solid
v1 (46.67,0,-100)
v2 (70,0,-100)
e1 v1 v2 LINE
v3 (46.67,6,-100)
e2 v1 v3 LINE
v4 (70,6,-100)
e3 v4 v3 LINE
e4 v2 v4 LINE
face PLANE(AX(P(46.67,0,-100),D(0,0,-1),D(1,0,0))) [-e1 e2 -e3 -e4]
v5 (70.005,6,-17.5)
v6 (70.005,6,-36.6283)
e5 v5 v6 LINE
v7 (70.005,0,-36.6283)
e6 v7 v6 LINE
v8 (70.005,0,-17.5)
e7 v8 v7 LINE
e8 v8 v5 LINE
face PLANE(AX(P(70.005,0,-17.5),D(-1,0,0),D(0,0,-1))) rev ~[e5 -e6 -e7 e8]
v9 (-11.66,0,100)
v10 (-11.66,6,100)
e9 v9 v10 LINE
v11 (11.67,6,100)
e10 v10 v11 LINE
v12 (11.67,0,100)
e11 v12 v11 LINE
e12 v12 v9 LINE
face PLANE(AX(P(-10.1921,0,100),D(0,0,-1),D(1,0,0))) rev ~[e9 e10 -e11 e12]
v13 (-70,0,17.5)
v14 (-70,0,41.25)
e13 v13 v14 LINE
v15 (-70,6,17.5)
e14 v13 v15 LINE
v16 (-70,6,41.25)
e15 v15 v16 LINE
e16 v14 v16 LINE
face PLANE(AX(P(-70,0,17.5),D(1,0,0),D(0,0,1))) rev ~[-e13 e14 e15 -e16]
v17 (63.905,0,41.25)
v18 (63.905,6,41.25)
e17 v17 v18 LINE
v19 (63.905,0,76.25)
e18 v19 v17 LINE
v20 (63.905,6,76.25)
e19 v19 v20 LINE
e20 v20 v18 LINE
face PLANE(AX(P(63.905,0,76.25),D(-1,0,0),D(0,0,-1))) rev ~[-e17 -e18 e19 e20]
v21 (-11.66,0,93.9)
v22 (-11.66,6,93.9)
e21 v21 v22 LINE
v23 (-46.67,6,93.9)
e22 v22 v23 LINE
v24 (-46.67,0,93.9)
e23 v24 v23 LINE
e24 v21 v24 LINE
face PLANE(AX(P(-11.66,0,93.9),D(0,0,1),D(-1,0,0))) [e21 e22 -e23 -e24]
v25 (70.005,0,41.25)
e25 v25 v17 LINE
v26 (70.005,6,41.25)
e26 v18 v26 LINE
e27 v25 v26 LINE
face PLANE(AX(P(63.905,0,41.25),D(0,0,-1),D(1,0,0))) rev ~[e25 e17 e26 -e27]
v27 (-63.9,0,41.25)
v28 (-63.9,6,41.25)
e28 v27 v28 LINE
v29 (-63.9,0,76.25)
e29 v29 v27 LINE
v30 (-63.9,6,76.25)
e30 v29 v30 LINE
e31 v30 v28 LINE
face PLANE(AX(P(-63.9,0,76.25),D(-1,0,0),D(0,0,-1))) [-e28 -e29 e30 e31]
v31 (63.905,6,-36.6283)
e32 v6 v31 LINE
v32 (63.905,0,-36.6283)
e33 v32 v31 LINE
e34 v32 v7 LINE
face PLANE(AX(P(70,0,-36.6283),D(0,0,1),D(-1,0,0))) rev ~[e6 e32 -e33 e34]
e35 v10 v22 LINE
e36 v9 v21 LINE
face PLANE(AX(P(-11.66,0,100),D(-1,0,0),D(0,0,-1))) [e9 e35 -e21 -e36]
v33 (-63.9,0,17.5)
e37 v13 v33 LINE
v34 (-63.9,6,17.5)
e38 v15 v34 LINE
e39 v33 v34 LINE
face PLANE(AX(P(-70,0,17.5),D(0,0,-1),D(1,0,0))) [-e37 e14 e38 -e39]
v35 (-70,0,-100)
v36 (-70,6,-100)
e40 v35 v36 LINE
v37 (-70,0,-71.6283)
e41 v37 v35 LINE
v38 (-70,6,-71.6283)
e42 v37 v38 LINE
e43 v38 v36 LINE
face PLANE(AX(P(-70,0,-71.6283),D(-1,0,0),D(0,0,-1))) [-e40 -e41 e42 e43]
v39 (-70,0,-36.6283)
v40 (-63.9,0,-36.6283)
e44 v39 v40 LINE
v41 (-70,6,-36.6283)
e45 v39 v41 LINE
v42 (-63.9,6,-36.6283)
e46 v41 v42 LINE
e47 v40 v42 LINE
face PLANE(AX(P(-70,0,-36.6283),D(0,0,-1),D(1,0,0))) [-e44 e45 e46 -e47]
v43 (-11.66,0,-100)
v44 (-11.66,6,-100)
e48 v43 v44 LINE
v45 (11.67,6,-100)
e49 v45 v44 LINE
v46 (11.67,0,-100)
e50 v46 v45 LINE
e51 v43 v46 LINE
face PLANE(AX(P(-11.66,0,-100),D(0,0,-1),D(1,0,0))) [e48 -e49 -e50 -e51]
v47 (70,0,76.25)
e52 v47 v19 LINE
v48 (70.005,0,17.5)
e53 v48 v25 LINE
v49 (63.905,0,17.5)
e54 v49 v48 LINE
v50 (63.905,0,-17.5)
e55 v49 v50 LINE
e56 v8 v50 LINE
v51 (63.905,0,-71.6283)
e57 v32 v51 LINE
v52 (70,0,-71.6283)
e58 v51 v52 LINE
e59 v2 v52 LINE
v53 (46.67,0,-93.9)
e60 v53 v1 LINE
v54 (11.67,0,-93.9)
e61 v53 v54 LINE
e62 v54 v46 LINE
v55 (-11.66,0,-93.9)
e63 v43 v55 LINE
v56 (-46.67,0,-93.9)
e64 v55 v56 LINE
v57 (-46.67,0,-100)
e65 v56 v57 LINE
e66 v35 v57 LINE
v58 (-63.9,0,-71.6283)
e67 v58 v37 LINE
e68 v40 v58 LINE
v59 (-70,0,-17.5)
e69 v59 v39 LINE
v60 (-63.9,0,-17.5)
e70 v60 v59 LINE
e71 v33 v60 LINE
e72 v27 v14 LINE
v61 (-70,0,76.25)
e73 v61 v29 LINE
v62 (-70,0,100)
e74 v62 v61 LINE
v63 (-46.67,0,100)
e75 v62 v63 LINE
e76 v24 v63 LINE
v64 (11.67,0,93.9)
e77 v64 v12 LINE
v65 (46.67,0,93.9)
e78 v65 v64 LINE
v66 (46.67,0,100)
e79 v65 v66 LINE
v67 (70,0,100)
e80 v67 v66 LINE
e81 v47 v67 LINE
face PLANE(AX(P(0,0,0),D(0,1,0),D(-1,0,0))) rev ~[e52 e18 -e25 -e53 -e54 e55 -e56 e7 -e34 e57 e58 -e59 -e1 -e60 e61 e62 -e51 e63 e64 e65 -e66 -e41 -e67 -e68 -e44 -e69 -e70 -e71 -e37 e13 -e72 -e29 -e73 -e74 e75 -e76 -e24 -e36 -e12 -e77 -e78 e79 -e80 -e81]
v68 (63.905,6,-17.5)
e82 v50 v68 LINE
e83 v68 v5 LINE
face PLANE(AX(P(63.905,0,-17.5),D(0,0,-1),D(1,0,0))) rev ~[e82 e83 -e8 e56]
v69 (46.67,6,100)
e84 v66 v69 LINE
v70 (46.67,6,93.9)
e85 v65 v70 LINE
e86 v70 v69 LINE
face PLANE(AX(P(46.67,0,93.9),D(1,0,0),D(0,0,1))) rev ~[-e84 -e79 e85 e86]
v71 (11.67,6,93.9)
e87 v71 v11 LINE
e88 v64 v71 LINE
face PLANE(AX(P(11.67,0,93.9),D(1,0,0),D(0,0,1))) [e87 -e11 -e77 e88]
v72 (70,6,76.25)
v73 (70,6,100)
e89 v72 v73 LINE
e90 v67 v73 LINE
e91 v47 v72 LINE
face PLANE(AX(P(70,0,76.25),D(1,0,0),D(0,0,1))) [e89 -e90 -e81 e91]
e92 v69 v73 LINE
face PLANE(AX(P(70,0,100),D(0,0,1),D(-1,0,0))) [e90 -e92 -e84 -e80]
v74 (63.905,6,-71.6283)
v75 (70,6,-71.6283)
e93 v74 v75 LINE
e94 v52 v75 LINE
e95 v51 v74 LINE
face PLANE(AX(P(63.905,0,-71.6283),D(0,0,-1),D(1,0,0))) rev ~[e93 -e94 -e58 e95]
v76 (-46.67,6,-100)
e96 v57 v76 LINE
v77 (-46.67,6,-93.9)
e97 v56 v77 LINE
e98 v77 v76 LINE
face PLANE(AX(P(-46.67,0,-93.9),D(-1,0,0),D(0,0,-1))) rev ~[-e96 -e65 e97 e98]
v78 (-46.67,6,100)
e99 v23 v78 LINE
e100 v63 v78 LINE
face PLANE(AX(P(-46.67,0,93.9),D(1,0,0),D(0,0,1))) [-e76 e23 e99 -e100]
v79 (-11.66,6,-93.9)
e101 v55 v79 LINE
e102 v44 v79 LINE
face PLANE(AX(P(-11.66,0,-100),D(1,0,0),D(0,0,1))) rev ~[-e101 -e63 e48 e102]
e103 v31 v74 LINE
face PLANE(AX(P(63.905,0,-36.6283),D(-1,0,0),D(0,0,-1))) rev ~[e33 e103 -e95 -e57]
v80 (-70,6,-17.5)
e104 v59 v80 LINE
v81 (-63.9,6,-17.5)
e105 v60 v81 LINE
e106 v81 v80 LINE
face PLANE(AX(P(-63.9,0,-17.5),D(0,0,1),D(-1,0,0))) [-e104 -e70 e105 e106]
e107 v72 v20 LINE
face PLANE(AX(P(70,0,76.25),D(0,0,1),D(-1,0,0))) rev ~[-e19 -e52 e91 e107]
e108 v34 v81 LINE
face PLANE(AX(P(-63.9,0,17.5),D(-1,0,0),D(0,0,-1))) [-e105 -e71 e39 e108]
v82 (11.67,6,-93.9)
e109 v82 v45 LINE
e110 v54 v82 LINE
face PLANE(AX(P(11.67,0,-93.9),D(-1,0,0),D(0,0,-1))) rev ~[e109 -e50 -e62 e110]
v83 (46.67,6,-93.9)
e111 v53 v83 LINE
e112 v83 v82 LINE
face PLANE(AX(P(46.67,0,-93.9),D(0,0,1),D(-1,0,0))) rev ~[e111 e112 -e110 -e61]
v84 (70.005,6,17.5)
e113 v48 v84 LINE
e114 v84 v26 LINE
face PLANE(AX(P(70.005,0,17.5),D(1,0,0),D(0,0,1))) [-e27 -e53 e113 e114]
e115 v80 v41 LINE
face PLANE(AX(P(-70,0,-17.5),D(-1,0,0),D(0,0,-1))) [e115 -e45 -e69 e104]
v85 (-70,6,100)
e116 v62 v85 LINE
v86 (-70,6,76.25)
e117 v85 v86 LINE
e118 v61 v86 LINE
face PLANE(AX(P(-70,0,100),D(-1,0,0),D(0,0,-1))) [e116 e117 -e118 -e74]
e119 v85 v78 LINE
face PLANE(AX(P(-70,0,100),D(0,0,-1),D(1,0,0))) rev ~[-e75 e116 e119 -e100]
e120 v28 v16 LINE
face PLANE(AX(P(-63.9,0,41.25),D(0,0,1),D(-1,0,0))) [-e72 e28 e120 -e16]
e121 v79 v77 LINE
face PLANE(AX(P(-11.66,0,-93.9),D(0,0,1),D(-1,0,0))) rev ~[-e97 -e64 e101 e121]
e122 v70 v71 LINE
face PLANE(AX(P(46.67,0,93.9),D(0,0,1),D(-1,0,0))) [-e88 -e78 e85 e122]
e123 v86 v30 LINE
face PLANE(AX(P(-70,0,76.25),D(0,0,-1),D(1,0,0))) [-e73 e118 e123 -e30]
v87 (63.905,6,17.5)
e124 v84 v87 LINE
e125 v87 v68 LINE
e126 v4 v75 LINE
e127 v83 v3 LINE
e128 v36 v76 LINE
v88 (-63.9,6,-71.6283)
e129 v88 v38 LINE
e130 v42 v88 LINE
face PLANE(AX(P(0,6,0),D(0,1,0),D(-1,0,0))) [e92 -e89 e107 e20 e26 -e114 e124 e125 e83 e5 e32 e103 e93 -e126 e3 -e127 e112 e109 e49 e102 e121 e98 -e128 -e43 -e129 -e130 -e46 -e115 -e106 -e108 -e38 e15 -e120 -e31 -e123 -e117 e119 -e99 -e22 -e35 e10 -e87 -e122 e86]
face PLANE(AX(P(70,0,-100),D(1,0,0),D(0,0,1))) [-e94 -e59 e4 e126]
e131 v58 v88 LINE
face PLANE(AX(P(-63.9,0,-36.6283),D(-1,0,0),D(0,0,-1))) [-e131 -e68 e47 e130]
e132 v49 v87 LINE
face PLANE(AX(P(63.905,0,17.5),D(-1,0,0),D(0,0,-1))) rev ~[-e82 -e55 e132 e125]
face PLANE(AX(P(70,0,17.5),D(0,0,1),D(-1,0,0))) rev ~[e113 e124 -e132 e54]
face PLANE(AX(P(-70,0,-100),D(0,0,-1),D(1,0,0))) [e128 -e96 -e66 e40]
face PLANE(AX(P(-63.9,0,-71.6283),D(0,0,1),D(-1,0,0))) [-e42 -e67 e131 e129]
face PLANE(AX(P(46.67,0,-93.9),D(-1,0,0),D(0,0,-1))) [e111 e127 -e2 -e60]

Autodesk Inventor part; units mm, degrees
ref_plane "YZ Plane" through (0, 0, 0) normal (1, 0, 0) x (0, 1, 0)
ref_plane "XZ Plane" through (0, 0, 0) normal (0, 1, 0) x (-1, 0, 0)
ref_plane "XY Plane" through (0, 0, 0) normal (0, 0, 1) x (1, 0, 0)
sketch "Sketch1" plane through (0, 0, 0) normal (0, 1, 0) x (-1, 0, 0)
  line L0 (-70, 100) -> (70, -100) construction
  line L1 (70, 100) -> (-70, -100) construction
  line L2 (70, 17.5) -> (63.9, 17.5)
  line L3 (63.9, 17.5) -> (63.9, -17.5)
  line L4 (63.9, -17.5) -> (70, -17.5)
  line L5 (70, -17.5) -> (70, 17.5) construction
  line L6 (70, 76.25) -> (63.9, 76.25)
  line L7 (63.9, 76.25) -> (63.9, 41.25)
  line L8 (63.9, 41.25) -> (70, 41.25)
  line L9 (70, -36.6283) -> (63.9, -36.6283)
  line L10 (63.9, -36.6283) -> (63.9, -71.6283)
  line L11 (63.9, -71.6283) -> (70, -71.6283)
  line L12 (70, 100) -> (70, 76.25)
  line L13 (70, 41.25) -> (70, -36.6283) construction
  line L14 (70, -71.6283) -> (70, -100)
  line L15 (70, 17.5) -> (70, 41.25)
  line L16 (70, -17.5) -> (70, -36.6283)
  line L17 (11.66, -100) -> (10.1921, -100)
  line L18 (-46.67, -100) -> (-48.1379, -100)
  line L19 (70, -100) -> (46.67, -100)
  line L20 (10.1921, -100) -> (-70, -100) construction
  line L21 (46.67, -102.534) -> (46.67, -125.8746) construction
  line L22 (11.66, -102.534) -> (11.66, -137.131) construction
  line L23 (-11.67, -101.9546) -> (-11.67, -114.6181) construction
  line L24 (-46.67, -61.1499) -> (-46.67, -142.7592) construction
  line L25 (11.66, -100) -> (11.66, -93.9)
  line L26 (11.66, -93.9) -> (46.67, -93.9)
  line L27 (46.67, -93.9) -> (46.67, -100)
  line L28 (-11.67, -100) -> (-46.67, -100) construction
  line L29 (-46.67, -100) -> (-46.67, -93.9) construction
  line L30 (-46.67, -93.9) -> (-11.67, -93.9)
  line L31 (-11.67, -93.9) -> (-11.67, -100)
  line L32 (-46.67, -93.9) -> (-46.67, -100)
  line L33 (-70, -100) -> (-46.67, -100)
  line L34 (11.66, -100) -> (-11.67, -100)
  line L35 (0, 0) -> (69.1947, 0) construction
  line L36 (-70, -100) -> (70, 100) construction
  line L37 (70, -100) -> (-70, 100) construction
  line L38 (11.66, 100) -> (10.1921, 100)
  line L39 (-46.67, 100) -> (-48.1379, 100)
  line L40 (70, 100) -> (46.67, 100)
  line L41 (10.1921, 100) -> (-70, 100) construction
  line L42 (46.67, 102.534) -> (46.67, 125.8746) construction
  line L43 (11.66, 102.534) -> (11.66, 137.131) construction
  line L44 (-11.67, 101.9546) -> (-11.67, 114.6181) construction
  line L45 (-46.67, 61.1499) -> (-46.67, 142.7592) construction
  line L46 (11.66, 100) -> (11.66, 93.9)
  line L47 (11.66, 93.9) -> (46.67, 93.9)
  line L48 (46.67, 93.9) -> (46.67, 100)
  line L49 (-46.67, 100) -> (-46.67, 93.9) construction
  line L50 (-46.67, 93.9) -> (-11.67, 93.9)
  line L51 (-11.67, 93.9) -> (-11.67, 100)
  line L52 (-46.67, 93.9) -> (-46.67, 100)
  line L53 (-70, 100) -> (-46.67, 100)
  line L54 (11.66, 100) -> (-11.67, 100)
  line L55 (-0.0025, -36.6283) -> (-0.0025, 49.5513) construction
  line L56 (69.995, 100) -> (-70.005, -100) construction
  line L57 (-70.005, 100) -> (69.995, -100) construction
  line L58 (-70.005, 17.5) -> (-63.905, 17.5)
  line L59 (-63.905, 17.5) -> (-63.905, -17.5)
  line L60 (-63.905, -17.5) -> (-70.005, -17.5)
  line L61 (-70.005, 0) -> (-70.005, 17.5) construction
  line L62 (-70.005, 76.25) -> (-63.905, 76.25)
  line L63 (-63.905, 76.25) -> (-63.905, 41.25)
  line L64 (-63.905, 41.25) -> (-70.005, 41.25)
  line L65 (-70.005, -36.6283) -> (-63.905, -36.6283)
  line L66 (-63.905, -36.6283) -> (-63.905, -71.6283)
  line L67 (-63.905, -71.6283) -> (-70.005, -71.6283)
  line L68 (-70.005, 100) -> (-70.005, 76.25)
  line L69 (-70.005, -71.6283) -> (-70.005, -100)
  line L70 (-70.005, 17.5) -> (-70.005, 41.25)
  line L71 (-70.005, -17.5) -> (-70.005, -36.6283)
  line L72 (-0.005, 0) -> (-69.1997, 0) construction
  line L73 (-70.005, -100) -> (69.995, 100) construction
  line L74 (69.995, -100) -> (-70.005, 100) construction
  line L75 (-70, 76.25) -> (-70, 100)
  line L76 (-70.005, 41.25) -> (-70.005, 17.5) construction
  line L77 (-70.005, -17.5) -> (-70.005, -36.6283) construction
  line L78 (-70, 17.5) -> (-70, 41.25)
  line L79 (-70, -100) -> (-70, -71.6283)
  line L80 (-70, -36.6283) -> (-70, -17.5)
  line L81 (-70, 100) -> (-46.67, 100)
  line L82 (-11.67, 100) -> (11.66, 100)
  line L83 (46.67, 100) -> (70, 100)
  point P0 (70, 0)
  point P1 (0, 0)
  point P2 (-30.6379, -100)
  point P3 (-46.67, -101.9546)
  point P4 (-30.6379, 100)
  point P5 (-46.67, 101.9546)
  dimension "d0" = 140
  dimension "d2" = 6.1
  dimension "d3" = 35
  dimension "d4" = 35
  dimension "d5" = 35
  dimension "d8" = 23.75
  dimension "d9" = 19.1283
  dimension "d17" = 23.33
  dimension "d18" = 23.33
  dimension "d19" = 35
  dimension "d20" = 35.01
  dimension "d21" = 6.1
  dimension "d22" = 6.1
  dimension "d27" = 200
  dimension "d30" = 6.1
  dimension "d31" = 6.1
  dimension "d32" = 6.1
  dimension "d33" = 6.1
  dimension "d34" = 6.1
  dimension "d35" = 6.1
  dimension "d36" = 6.1
  dimension "d37" = 6.1
  dimension "d38" = 6.1
  dimension "d39" = 6.1
  dimension "d40" = 6.1
extrude "Extrusion1" add sketch "Sketch1" along normal blind 6
equation "\"d21\" = d2"
equation "\"d22\" = d2"
equation "\"d30\" = d2"
equation "\"d31\" = d2"
equation "\"d7\" = d6"
equation "\"d6\" = 23.75"
properties part number "bottom"
